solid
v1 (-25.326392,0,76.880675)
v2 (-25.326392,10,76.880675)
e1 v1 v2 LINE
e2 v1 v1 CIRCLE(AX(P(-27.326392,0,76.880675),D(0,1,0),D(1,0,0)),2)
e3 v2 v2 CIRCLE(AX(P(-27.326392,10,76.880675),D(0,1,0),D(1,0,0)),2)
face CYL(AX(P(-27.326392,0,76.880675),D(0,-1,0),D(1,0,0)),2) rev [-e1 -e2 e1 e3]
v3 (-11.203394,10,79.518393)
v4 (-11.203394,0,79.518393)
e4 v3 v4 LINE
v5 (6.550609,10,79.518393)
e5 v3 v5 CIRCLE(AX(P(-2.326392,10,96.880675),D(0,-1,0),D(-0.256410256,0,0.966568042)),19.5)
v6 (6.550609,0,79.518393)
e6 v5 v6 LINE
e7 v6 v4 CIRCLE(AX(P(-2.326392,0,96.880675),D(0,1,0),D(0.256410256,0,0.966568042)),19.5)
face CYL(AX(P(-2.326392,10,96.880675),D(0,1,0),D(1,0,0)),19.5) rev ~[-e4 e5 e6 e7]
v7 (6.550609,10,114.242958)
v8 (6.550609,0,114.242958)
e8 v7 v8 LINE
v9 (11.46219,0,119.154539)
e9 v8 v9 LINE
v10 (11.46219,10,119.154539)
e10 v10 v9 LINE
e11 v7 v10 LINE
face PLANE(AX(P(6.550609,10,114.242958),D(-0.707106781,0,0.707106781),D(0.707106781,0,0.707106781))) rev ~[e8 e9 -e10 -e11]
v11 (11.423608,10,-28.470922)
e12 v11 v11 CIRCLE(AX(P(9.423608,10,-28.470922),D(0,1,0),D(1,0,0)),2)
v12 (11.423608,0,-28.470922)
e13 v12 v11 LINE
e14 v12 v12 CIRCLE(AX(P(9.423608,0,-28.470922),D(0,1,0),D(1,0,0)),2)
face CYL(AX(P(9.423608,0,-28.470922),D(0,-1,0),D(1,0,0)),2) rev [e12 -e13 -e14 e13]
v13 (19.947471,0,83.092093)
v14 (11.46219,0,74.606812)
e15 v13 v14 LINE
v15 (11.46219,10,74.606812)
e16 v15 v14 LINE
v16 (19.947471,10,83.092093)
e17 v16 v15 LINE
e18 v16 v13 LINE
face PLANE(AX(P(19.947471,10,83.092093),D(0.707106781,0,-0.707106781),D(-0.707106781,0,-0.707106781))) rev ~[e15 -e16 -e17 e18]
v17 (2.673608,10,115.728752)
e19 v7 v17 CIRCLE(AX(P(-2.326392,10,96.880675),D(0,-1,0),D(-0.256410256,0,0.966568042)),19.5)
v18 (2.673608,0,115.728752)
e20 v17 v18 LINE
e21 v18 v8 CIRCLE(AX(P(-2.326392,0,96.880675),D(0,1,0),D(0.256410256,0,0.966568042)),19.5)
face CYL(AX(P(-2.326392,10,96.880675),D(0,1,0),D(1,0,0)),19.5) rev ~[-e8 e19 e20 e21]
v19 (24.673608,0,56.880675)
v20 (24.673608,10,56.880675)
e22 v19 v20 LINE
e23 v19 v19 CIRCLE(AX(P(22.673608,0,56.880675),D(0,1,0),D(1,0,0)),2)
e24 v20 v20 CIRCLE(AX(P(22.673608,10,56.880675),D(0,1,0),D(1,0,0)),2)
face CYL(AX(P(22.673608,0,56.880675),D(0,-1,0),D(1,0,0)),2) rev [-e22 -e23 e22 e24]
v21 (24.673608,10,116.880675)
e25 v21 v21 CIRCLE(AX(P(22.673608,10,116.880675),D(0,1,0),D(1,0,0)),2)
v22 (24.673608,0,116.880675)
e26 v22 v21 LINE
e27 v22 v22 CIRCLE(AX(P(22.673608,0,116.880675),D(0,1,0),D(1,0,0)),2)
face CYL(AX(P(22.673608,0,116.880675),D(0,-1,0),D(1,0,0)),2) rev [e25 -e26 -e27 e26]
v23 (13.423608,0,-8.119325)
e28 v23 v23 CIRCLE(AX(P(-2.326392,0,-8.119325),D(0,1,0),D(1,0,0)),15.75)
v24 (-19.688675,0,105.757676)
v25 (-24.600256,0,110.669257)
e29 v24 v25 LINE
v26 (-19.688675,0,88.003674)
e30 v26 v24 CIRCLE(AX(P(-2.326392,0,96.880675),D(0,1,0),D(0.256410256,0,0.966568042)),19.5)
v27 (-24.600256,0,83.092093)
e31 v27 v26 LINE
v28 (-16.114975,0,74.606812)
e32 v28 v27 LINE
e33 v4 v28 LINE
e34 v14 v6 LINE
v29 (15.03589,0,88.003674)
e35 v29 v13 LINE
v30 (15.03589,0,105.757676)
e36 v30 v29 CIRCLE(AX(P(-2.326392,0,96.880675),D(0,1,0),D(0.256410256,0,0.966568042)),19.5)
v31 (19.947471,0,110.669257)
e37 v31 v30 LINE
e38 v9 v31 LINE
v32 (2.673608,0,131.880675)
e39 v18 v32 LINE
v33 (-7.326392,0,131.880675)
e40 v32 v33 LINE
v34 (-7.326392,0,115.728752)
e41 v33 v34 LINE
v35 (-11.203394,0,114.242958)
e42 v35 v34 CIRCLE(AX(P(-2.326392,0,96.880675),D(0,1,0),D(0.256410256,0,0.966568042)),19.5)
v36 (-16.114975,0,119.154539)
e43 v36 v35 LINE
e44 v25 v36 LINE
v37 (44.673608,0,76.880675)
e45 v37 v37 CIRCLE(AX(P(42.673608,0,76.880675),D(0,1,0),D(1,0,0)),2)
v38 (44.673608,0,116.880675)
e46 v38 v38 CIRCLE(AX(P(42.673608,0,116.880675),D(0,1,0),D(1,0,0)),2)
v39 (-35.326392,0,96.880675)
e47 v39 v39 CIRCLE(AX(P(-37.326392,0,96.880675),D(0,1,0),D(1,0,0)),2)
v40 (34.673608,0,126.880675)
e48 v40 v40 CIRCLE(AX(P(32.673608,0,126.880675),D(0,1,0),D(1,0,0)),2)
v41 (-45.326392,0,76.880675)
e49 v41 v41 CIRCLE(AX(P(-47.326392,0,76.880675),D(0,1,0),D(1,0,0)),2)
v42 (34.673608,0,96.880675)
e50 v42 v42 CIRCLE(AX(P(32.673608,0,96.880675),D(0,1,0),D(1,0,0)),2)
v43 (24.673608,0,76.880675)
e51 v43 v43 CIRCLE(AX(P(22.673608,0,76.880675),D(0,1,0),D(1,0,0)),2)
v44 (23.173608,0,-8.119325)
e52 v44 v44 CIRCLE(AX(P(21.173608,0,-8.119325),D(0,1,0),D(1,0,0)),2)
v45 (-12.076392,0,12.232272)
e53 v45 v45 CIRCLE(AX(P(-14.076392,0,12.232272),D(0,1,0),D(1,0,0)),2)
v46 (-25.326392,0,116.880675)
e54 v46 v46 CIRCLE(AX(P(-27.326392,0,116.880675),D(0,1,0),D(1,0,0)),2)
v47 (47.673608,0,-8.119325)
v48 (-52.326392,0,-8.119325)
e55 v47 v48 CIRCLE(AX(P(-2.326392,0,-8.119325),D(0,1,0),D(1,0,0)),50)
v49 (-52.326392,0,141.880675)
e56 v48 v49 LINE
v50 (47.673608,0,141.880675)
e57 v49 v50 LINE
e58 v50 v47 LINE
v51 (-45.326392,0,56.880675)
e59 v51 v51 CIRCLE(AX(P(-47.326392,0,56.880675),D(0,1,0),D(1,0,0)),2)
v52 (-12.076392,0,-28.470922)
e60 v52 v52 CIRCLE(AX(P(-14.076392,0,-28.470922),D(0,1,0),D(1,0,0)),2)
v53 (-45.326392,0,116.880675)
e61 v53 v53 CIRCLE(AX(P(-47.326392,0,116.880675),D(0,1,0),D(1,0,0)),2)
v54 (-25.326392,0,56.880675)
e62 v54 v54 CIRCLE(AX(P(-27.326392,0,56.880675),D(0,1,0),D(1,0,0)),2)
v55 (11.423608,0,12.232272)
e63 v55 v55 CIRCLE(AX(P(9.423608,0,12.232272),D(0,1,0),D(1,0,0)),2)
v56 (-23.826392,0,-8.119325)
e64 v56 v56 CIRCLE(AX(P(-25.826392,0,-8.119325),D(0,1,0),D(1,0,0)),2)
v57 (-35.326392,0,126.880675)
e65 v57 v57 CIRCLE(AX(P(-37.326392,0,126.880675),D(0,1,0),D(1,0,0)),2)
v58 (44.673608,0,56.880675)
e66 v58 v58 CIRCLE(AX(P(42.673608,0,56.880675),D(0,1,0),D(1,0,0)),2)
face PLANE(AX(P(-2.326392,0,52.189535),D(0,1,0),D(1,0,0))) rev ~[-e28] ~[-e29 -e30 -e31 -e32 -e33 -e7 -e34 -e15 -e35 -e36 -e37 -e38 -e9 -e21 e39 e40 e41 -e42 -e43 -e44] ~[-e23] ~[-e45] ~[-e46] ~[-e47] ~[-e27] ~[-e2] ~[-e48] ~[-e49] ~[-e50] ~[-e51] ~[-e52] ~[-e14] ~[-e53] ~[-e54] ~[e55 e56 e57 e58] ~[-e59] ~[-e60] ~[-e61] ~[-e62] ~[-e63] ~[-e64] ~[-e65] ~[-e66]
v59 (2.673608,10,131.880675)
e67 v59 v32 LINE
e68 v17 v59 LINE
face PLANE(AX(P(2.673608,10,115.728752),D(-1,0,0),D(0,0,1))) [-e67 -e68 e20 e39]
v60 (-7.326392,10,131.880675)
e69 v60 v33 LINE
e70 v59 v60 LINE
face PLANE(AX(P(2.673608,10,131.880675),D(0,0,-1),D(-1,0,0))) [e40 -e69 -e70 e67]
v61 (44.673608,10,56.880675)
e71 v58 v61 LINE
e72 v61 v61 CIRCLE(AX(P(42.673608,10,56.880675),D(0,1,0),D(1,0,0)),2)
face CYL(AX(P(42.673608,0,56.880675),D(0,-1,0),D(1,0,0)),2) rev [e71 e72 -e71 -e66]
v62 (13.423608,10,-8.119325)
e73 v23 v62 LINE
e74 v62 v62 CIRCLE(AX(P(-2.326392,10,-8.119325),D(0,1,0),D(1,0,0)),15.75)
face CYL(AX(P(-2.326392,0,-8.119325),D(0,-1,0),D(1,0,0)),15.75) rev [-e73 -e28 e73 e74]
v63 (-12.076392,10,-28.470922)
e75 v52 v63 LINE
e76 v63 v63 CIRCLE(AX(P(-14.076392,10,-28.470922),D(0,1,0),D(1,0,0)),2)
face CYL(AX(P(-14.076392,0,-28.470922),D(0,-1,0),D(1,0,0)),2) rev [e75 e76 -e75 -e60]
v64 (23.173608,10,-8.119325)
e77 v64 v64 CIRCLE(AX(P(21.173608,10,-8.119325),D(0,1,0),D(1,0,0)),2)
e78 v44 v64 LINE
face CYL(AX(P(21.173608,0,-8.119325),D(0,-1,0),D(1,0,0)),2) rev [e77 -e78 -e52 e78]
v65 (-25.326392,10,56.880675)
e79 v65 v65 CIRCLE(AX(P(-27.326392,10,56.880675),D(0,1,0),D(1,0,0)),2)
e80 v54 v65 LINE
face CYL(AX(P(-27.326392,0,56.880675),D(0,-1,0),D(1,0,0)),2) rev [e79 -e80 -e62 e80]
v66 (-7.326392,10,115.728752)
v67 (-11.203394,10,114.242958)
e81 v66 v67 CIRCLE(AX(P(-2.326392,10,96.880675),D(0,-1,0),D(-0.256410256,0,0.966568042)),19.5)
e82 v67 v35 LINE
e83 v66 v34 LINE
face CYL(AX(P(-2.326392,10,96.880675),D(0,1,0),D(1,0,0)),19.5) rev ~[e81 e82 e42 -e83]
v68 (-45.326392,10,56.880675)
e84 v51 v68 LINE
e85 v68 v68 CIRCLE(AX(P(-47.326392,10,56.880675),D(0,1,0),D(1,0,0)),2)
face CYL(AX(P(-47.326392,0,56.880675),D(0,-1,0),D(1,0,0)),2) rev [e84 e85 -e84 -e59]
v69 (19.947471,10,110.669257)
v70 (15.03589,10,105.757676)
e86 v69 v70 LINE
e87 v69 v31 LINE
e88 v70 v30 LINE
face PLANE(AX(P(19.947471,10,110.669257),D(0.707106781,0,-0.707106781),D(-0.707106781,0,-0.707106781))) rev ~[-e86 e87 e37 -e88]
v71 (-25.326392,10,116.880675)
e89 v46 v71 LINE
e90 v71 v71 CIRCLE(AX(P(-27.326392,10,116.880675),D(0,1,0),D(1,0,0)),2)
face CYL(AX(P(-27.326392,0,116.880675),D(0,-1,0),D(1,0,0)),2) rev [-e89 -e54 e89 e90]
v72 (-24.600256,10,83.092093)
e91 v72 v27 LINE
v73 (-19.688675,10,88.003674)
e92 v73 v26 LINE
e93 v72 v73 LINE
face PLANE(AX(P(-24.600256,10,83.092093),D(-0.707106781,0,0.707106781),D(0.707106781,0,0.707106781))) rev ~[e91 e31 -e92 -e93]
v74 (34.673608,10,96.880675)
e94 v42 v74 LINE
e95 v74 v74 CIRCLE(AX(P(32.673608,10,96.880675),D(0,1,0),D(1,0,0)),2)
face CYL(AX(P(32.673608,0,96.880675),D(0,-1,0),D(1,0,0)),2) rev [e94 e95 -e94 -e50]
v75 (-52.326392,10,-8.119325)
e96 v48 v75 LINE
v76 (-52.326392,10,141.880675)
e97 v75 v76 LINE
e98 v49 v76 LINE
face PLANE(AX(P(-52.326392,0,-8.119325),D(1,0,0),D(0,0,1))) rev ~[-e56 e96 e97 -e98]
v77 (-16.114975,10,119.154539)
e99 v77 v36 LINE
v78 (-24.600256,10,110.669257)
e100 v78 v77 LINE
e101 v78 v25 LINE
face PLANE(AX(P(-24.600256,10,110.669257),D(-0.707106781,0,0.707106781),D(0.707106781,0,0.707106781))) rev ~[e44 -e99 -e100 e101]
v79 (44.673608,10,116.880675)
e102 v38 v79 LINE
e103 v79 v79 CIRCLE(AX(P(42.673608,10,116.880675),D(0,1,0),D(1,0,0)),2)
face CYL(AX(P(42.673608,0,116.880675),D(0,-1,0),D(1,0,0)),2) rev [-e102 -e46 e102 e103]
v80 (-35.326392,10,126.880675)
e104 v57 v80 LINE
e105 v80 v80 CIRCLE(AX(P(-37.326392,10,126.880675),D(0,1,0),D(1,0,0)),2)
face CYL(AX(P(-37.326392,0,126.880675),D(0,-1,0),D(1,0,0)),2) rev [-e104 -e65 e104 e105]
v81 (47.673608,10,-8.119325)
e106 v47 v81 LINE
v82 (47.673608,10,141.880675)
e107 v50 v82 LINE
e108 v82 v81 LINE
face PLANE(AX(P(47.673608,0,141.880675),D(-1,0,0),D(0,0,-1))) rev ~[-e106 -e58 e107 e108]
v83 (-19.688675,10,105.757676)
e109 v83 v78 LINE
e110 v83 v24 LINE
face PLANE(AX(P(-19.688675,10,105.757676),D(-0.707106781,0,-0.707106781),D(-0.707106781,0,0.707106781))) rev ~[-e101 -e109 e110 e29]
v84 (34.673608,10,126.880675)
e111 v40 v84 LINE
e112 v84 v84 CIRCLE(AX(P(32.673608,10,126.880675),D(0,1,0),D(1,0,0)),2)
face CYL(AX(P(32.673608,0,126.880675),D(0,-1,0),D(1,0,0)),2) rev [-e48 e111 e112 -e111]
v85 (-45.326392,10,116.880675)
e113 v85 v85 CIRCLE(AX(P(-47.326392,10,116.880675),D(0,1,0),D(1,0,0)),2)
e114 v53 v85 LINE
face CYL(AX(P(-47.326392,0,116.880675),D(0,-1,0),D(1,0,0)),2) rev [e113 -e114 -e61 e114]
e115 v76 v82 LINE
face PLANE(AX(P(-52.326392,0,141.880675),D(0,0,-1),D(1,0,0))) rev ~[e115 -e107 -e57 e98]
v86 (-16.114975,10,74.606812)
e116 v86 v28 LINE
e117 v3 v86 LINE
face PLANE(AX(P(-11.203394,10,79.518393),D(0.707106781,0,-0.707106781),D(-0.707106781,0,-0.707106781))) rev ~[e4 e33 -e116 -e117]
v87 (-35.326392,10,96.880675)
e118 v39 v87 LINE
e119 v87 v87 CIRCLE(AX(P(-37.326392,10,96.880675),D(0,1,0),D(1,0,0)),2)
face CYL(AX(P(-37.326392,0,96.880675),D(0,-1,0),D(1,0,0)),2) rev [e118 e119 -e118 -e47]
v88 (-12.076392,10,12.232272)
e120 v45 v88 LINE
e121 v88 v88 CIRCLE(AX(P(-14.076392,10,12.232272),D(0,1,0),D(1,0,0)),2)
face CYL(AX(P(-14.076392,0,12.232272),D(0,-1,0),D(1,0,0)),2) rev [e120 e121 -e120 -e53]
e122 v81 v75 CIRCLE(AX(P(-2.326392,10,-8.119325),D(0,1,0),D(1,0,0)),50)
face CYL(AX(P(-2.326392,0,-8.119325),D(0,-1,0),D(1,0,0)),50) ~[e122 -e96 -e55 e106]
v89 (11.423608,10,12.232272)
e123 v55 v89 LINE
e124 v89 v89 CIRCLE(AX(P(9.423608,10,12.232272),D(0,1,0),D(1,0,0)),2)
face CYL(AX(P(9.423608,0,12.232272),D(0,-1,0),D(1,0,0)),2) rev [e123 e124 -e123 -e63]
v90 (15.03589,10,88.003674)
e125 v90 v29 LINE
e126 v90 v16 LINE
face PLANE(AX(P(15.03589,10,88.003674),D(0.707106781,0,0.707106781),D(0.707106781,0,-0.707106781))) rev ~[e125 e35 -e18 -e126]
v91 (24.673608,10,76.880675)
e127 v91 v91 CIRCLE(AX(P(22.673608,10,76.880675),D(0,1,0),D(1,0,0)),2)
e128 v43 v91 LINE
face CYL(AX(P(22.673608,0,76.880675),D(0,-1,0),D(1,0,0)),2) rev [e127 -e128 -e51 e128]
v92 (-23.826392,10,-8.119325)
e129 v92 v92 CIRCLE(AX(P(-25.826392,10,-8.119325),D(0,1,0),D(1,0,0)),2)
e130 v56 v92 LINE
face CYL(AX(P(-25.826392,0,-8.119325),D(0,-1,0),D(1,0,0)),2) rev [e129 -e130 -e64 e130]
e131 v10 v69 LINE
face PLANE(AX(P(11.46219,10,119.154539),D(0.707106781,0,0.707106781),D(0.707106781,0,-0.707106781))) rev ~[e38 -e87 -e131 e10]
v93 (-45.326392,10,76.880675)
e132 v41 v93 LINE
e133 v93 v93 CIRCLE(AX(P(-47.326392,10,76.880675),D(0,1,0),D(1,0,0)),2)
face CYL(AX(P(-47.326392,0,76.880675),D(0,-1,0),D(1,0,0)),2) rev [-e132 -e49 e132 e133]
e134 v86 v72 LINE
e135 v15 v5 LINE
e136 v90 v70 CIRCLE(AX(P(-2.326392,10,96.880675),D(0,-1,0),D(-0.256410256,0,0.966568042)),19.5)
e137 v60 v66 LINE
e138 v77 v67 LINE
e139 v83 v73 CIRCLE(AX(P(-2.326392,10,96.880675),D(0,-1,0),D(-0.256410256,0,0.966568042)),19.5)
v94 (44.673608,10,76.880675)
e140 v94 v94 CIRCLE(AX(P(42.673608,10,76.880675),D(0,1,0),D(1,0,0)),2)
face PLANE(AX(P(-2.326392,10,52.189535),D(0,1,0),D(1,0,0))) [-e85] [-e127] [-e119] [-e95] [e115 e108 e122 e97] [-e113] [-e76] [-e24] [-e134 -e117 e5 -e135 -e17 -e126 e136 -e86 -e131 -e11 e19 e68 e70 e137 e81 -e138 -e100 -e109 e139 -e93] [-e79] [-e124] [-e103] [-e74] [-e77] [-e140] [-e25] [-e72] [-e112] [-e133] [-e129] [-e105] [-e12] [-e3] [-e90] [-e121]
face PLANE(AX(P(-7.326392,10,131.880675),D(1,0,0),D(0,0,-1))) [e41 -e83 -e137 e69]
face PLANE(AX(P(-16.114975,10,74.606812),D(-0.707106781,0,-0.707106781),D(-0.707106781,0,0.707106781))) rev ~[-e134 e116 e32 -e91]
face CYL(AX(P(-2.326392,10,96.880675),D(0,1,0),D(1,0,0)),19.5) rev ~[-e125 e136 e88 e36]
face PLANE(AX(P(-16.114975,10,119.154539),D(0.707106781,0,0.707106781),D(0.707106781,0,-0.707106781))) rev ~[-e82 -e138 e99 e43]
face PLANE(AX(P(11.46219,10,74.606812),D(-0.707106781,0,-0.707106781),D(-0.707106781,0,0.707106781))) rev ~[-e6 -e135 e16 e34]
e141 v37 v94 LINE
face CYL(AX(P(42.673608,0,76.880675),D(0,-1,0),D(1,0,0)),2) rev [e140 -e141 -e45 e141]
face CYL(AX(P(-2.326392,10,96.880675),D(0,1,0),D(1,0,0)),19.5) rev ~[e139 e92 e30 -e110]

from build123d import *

# Parameters (mm, degrees)
SKETCH1_R           = 15.75
SKETCH1_R_2         = 2
BOSS_EXTRUDE3_DEPTH = 10
SKETCH2_R           = 19.5
CUT_EXTRUDE1_DEPTH  = 10
CUT_EXTRUDE2_DEPTH  = 10
CUT_EXTRUDE3_DEPTH  = 10


with BuildPart() as part:
    # Sketch1 → Boss-Extrude3 (new body)
    with BuildSketch(Plane(origin=(0, 0, 0), x_dir=(1, 0, 0), z_dir=(0, 1, 0))):
        with BuildLine():
            Line((-52.326392464, -141.880675109), (47.673607536, -141.880675109))
            Line((47.673607536, -141.880675109), (47.673607536, 8.119324891))
            ThreePointArc((47.673607536, 8.119324891), (-2.326392464, 58.119324891), (-52.326392464, 8.119324891))
            Line((-52.326392464, 8.119324891), (-52.326392464, -141.880675109))
        make_face()
        with Locations((-2.326392464, 8.119324891)):
            Circle(SKETCH1_R, mode=Mode.SUBTRACT)
        with Locations((21.173607536, 8.119324891)):
            Circle(SKETCH1_R_2, mode=Mode.SUBTRACT)
        with Locations((9.423607536, -12.232272098)):
            Circle(SKETCH1_R_2, mode=Mode.SUBTRACT)
        with Locations((-14.076392464, -12.232272098)):
            Circle(SKETCH1_R_2, mode=Mode.SUBTRACT)
        with Locations((-25.826392464, 8.119324891)):
            Circle(SKETCH1_R_2, mode=Mode.SUBTRACT)
        with Locations((-14.076392464, 28.47092188)):
            Circle(SKETCH1_R_2, mode=Mode.SUBTRACT)
        with Locations((9.423607536, 28.47092188)):
            Circle(SKETCH1_R_2, mode=Mode.SUBTRACT)
        with Locations((-47.326392464, -116.880675109)):
            Circle(SKETCH1_R_2, mode=Mode.SUBTRACT)
        with Locations((42.673607536, -116.880675109)):
            Circle(SKETCH1_R_2, mode=Mode.SUBTRACT)
        with Locations((-37.326392464, -126.880675109)):
            Circle(SKETCH1_R_2, mode=Mode.SUBTRACT)
        with Locations((-37.326392464, -96.880675109)):
            Circle(SKETCH1_R_2, mode=Mode.SUBTRACT)
        with Locations((-47.326392464, -76.880675109)):
            Circle(SKETCH1_R_2, mode=Mode.SUBTRACT)
        with Locations((42.673607536, -76.880675109)):
            Circle(SKETCH1_R_2, mode=Mode.SUBTRACT)
        with Locations((-47.326392464, -56.880675109)):
            Circle(SKETCH1_R_2, mode=Mode.SUBTRACT)
        with Locations((42.673607536, -56.880675109)):
            Circle(SKETCH1_R_2, mode=Mode.SUBTRACT)
        with Locations((-27.326392464, -116.880675109)):
            Circle(SKETCH1_R_2, mode=Mode.SUBTRACT)
        with Locations((22.673607536, -116.880675109)):
            Circle(SKETCH1_R_2, mode=Mode.SUBTRACT)
        with Locations((-27.326392464, -56.880675109)):
            Circle(SKETCH1_R_2, mode=Mode.SUBTRACT)
        with Locations((-27.326392464, -76.880675109)):
            Circle(SKETCH1_R_2, mode=Mode.SUBTRACT)
        with Locations((22.673607536, -56.880675109)):
            Circle(SKETCH1_R_2, mode=Mode.SUBTRACT)
        with Locations((22.673607536, -76.880675109)):
            Circle(SKETCH1_R_2, mode=Mode.SUBTRACT)
        with Locations((32.673607536, -96.880675109)):
            Circle(SKETCH1_R_2, mode=Mode.SUBTRACT)
        with Locations((32.673607536, -126.880675109)):
            Circle(SKETCH1_R_2, mode=Mode.SUBTRACT)
    extrude(amount=BOSS_EXTRUDE3_DEPTH)

    # Sketch2 → Cut-Extrude1 (cut)
    with BuildSketch(Plane(origin=(0, 10, 0), x_dir=(1, 0, 0), z_dir=(0, 1, 0))):
        with Locations((-2.326392464, -96.880675109)):
            Circle(SKETCH2_R)
    extrude(amount=-CUT_EXTRUDE1_DEPTH, mode=Mode.SUBTRACT)

    # Sketch3 → Cut-Extrude2 (cut)
    with BuildSketch(Plane(origin=(0, 10, 0), x_dir=(1, 0, 0), z_dir=(0, 1, 0))):
        with BuildLine():
            Line((-7.326392464, -131.880675109), (-7.326392464, -115.728751934))
            ThreePointArc((-7.326392464, -115.728751934), (-2.326392464, -116.380675109), (2.673607536, -115.728751934))
            Line((2.673607536, -115.728751934), (2.673607536, -131.880675109))
            Line((2.673607536, -131.880675109), (-7.326392464, -131.880675109))
        make_face()
    extrude(amount=-CUT_EXTRUDE2_DEPTH, mode=Mode.SUBTRACT)

    # Sketch4 → Cut-Extrude3 (cut)
    with BuildSketch(Plane(origin=(0, 10, 0), x_dir=(1, 0, 0), z_dir=(0, 1, 0))):
        with BuildLine():
            ThreePointArc((-19.688674915, -88.003674033), (-16.114974697, -83.092092876), (-11.203393541, -79.518392659))
            Line((-11.203393541, -79.518392659), (-16.114974697, -74.606811502))
            Line((-16.114974697, -74.606811502), (-24.600256072, -83.092092876))
            Line((-24.600256072, -83.092092876), (-19.688674915, -88.003674033))
        make_face()
        with BuildLine():
            Line((11.462189769, -74.606811502), (6.550608612, -79.518392659))
            ThreePointArc((6.550608612, -79.518392659), (11.462189769, -83.092092876), (15.035889986, -88.003674033))
            Line((15.035889986, -88.003674033), (19.947471143, -83.092092876))
            Line((19.947471143, -83.092092876), (11.462189769, -74.606811502))
        make_face()
        with BuildLine():
            Line((19.947471143, -110.669257342), (15.035889986, -105.757676186))
            ThreePointArc((15.035889986, -105.757676186), (11.462189769, -110.669257342), (6.550608612, -114.24295756))
            Line((6.550608612, -114.24295756), (11.462189769, -119.154538717))
            Line((11.462189769, -119.154538717), (19.947471143, -110.669257342))
        make_face()
        with BuildLine():
            ThreePointArc((-11.203393541, -114.24295756), (-16.114974697, -110.669257342), (-19.688674915, -105.757676186))
            Line((-19.688674915, -105.757676186), (-24.600256072, -110.669257342))
            Line((-24.600256072, -110.669257342), (-16.114974697, -119.154538717))
            Line((-16.114974697, -119.154538717), (-11.203393541, -114.24295756))
        make_face()
    extrude(amount=-CUT_EXTRUDE3_DEPTH, mode=Mode.SUBTRACT)


solid = part.part
